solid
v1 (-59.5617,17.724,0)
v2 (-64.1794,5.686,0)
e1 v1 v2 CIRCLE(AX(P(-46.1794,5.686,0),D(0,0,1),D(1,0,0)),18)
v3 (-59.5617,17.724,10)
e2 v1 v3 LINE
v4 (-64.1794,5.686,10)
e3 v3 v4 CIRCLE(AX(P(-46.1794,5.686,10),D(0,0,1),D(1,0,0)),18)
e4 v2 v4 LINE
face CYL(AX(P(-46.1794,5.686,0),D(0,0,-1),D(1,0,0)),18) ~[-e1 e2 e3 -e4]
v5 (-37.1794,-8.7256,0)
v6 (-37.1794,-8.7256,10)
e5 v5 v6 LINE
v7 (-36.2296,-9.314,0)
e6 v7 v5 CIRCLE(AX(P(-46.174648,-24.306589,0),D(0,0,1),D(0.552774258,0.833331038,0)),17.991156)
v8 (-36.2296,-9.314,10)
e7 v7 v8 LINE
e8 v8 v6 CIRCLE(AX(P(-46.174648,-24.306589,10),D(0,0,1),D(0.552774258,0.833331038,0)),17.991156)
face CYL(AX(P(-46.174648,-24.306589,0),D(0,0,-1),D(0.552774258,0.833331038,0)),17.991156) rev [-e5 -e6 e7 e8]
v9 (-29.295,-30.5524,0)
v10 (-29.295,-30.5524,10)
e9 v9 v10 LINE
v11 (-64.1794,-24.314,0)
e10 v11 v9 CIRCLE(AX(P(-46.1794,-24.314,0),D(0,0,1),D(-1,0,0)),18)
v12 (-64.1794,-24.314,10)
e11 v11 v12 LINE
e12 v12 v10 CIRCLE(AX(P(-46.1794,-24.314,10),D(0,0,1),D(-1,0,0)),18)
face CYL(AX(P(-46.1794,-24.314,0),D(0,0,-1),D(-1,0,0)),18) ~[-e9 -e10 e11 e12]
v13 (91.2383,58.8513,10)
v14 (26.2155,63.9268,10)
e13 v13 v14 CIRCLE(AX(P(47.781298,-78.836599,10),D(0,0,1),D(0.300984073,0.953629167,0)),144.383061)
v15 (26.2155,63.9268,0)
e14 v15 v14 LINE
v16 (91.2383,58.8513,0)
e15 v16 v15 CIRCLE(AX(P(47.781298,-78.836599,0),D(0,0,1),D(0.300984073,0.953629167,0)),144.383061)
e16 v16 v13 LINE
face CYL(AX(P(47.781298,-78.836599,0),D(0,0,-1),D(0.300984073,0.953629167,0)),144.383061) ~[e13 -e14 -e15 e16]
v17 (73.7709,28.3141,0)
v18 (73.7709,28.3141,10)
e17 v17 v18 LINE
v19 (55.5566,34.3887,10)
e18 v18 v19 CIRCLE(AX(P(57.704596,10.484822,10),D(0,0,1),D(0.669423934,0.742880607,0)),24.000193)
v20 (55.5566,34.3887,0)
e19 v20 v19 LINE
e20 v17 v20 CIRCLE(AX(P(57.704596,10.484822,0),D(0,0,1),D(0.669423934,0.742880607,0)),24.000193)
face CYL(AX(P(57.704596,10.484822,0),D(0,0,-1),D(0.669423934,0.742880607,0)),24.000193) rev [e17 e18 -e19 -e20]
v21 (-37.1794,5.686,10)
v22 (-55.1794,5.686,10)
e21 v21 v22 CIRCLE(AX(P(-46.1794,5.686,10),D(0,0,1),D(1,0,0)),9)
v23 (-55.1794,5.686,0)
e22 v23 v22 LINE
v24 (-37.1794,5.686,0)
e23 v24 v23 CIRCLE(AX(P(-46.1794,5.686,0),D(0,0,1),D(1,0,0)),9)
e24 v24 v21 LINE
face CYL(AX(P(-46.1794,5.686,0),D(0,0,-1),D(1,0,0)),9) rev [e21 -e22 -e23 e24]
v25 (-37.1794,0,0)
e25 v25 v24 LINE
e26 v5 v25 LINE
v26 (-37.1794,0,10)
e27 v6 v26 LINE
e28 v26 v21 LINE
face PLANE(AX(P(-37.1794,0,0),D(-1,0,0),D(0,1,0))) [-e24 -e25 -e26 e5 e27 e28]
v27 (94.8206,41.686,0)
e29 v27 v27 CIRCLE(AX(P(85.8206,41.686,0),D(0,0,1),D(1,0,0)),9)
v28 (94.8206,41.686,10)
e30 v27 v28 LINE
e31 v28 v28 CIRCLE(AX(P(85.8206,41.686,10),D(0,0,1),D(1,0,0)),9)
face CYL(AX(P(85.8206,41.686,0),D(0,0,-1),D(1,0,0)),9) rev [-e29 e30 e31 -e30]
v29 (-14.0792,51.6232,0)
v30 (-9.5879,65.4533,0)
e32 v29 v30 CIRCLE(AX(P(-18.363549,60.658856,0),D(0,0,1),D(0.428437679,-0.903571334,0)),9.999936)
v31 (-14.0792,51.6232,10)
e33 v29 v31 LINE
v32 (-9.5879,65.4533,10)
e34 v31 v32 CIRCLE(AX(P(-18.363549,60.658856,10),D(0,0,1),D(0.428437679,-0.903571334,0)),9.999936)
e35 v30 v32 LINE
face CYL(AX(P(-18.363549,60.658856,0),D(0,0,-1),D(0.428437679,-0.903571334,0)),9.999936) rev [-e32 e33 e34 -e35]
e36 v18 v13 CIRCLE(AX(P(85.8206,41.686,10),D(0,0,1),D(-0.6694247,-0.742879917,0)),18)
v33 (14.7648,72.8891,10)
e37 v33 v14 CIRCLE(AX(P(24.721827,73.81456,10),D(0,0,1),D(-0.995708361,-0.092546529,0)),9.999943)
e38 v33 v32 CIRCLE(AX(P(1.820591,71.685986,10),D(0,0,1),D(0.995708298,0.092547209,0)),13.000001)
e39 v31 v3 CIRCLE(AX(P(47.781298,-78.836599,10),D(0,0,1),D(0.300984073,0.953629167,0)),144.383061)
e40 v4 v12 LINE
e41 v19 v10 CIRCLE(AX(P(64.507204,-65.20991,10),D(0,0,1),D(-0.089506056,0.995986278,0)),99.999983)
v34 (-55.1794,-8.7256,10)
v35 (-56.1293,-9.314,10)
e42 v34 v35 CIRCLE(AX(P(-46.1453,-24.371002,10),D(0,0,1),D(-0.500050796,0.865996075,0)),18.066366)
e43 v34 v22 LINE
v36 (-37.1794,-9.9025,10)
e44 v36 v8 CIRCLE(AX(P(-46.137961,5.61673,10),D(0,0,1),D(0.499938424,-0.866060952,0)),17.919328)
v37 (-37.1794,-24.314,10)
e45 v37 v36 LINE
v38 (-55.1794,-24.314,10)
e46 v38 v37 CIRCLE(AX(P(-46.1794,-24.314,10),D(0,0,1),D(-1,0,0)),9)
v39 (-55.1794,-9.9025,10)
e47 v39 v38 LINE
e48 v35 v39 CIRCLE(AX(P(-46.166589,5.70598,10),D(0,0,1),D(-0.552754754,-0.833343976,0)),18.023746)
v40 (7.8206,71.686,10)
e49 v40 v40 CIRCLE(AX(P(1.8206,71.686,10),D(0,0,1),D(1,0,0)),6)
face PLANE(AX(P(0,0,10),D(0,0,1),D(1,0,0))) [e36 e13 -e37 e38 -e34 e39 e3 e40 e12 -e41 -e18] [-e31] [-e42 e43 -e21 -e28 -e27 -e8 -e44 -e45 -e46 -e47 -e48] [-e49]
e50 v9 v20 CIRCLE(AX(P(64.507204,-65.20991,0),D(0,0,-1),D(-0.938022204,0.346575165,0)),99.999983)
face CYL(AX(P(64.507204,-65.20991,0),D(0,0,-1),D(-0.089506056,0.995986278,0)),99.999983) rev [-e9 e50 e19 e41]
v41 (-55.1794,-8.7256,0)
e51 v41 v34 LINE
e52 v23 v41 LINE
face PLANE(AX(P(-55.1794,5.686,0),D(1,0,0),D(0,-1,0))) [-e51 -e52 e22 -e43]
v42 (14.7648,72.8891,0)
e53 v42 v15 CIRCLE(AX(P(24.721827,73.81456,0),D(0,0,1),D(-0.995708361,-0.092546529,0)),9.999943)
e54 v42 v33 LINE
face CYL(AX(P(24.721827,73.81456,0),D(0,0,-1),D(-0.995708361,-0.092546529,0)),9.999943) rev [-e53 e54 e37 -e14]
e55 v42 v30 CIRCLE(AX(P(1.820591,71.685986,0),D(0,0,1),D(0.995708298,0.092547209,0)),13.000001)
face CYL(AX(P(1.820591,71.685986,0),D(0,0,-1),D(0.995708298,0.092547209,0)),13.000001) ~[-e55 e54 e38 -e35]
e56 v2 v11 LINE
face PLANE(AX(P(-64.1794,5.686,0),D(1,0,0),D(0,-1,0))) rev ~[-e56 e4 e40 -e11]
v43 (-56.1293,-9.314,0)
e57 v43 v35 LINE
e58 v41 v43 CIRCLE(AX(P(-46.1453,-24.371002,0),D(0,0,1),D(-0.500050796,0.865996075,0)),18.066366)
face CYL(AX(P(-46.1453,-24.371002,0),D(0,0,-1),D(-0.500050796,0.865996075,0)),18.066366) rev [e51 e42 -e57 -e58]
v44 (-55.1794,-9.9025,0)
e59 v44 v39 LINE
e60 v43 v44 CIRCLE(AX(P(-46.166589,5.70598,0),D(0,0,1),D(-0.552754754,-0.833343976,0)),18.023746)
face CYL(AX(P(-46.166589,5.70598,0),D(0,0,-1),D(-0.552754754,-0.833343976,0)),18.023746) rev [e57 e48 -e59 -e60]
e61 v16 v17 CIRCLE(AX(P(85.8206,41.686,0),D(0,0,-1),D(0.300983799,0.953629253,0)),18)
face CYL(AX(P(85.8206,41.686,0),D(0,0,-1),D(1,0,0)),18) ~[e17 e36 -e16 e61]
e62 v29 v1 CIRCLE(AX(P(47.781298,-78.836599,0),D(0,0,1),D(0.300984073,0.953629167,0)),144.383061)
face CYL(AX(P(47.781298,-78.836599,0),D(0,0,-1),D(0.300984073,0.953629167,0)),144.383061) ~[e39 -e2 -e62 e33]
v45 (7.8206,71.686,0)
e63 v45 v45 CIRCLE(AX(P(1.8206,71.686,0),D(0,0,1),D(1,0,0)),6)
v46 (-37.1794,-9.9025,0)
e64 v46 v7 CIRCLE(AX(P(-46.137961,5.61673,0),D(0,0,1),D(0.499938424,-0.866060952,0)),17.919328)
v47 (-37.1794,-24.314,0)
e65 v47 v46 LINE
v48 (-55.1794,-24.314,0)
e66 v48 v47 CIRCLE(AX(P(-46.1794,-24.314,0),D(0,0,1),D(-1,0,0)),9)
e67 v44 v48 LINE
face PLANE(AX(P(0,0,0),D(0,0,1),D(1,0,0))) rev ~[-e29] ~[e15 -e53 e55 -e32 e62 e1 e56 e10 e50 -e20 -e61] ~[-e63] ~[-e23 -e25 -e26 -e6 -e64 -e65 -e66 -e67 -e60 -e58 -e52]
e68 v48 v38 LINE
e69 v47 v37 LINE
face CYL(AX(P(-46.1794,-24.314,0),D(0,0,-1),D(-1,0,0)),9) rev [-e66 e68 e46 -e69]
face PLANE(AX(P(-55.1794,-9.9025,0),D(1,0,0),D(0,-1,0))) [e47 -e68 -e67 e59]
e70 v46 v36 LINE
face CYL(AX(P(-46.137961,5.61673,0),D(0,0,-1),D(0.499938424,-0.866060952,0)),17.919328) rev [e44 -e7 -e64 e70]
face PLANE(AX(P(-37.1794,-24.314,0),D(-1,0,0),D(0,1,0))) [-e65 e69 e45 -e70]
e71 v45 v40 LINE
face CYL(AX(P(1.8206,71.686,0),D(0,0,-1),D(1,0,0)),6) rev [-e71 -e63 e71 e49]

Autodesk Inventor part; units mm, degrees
ref_plane "YZ Plane" through (0, 0, 0) normal (1, 0, 0) x (0, 1, 0)
ref_plane "XZ Plane" through (0, 0, 0) normal (0, 1, 0) x (-1, 0, 0)
ref_plane "XY Plane" through (0, 0, 0) normal (0, 0, 1) x (1, 0, 0)
sketch "스케치1" plane through (0, 0, 0) normal (0, 0, 1) x (1, 0, 0)
  line L0 (0, 33.6246) -> (0, -35.5266)
  line L1 (-57.2328, 0) -> (56.8423, 0)
  line L2 (-46.1794, 5.686) -> (-46.1794, -24.314) construction
  line L3 (-55.1794, 5.686) -> (-55.1794, -24.314)
  line L4 (-37.1794, -24.314) -> (-37.1794, 5.686)
  arc A0 (-37.1794, 5.686) -> (-55.1794, 5.686) centre (-46.1794, 5.686) ccw
  arc A1 (-55.1794, -24.314) -> (-37.1794, -24.314) centre (-46.1794, -24.314) ccw
  line L5 (-64.1794, 5.686) -> (-64.1794, -24.314)
  line L6 (-28.1794, 5.686) -> (-28.1794, -24.314)
  arc A2 (-56.1293, -9.314) -> (-55.1794, -9.9025) centre (-46.1794, 5.686) ccw
  arc A3 (-55.1794, -8.7256) -> (-56.1293, -9.314) centre (-46.1794, -24.314) ccw
  arc A4 (-37.1794, -9.9025) -> (-36.2296, -9.314) centre (-46.1794, 5.686) ccw
  arc A5 (-28.1794, 5.686) -> (-64.1794, 5.686) centre (-46.1794, 5.686) ccw
  arc A6 (-64.1794, -24.314) -> (-28.1794, -24.314) centre (-46.1794, -24.314) ccw
  arc A7 (-36.2296, -9.314) -> (-37.1794, -8.7256) centre (-46.1794, -24.314) ccw
  circle A8 centre (85.8206, 41.686) radius 9
  circle A9 centre (85.8206, 41.686) radius 18
  circle A10 centre (1.8206, 71.686) radius 6
  arc A11 (14.7648, 72.8891) -> (-9.5879, 65.4533) centre (1.8206, 71.686) ccw
  arc A12 (55.5566, 34.3887) -> (-29.295, -30.5524) centre (64.5072, -65.2099) ccw
  arc A13 (73.7709, 28.3141) -> (55.5566, 34.3887) centre (57.7047, 10.485) ccw
  arc A14 (91.2383, 58.8513) -> (-59.5617, 17.724) centre (47.7813, -78.8365) ccw
  arc A15 (-14.0792, 51.6232) -> (-9.5879, 65.4533) centre (-18.3636, 60.6589) ccw
  arc A16 (14.7648, 72.8891) -> (26.2155, 63.9268) centre (24.7219, 73.8146) ccw
  point P0 (0, 0)
  point P1 (-46.1794, -9.314)
  dimension "d0" = 18
  dimension "d2" = 30
  dimension "d5" = 18
  dimension "d6" = 36
  dimension "d7" = 132
  dimension "d8" = 66
  dimension "d9" = 12
  dimension "d10" = 26
  dimension "d11" = 84
  dimension "d12" = 30
  dimension "d13" = 200
  dimension "d15" = 48
  dimension "d16" = 20
  dimension "d17" = 20
extrude "돌출1" add sketch "스케치1" along normal blind 10 contours A12 L1 L6 A5 A14 A9 A13 | A12 A6 L6 L1 | A9 | L6 A6 L5 A5 | A14 A15 A11 A16
sketch "스케치2" plane through (0, 0, 10) normal (0, 0, 1) x (1, 0, 0)
  point P0 (0, 0)
properties part number "스케치01"
